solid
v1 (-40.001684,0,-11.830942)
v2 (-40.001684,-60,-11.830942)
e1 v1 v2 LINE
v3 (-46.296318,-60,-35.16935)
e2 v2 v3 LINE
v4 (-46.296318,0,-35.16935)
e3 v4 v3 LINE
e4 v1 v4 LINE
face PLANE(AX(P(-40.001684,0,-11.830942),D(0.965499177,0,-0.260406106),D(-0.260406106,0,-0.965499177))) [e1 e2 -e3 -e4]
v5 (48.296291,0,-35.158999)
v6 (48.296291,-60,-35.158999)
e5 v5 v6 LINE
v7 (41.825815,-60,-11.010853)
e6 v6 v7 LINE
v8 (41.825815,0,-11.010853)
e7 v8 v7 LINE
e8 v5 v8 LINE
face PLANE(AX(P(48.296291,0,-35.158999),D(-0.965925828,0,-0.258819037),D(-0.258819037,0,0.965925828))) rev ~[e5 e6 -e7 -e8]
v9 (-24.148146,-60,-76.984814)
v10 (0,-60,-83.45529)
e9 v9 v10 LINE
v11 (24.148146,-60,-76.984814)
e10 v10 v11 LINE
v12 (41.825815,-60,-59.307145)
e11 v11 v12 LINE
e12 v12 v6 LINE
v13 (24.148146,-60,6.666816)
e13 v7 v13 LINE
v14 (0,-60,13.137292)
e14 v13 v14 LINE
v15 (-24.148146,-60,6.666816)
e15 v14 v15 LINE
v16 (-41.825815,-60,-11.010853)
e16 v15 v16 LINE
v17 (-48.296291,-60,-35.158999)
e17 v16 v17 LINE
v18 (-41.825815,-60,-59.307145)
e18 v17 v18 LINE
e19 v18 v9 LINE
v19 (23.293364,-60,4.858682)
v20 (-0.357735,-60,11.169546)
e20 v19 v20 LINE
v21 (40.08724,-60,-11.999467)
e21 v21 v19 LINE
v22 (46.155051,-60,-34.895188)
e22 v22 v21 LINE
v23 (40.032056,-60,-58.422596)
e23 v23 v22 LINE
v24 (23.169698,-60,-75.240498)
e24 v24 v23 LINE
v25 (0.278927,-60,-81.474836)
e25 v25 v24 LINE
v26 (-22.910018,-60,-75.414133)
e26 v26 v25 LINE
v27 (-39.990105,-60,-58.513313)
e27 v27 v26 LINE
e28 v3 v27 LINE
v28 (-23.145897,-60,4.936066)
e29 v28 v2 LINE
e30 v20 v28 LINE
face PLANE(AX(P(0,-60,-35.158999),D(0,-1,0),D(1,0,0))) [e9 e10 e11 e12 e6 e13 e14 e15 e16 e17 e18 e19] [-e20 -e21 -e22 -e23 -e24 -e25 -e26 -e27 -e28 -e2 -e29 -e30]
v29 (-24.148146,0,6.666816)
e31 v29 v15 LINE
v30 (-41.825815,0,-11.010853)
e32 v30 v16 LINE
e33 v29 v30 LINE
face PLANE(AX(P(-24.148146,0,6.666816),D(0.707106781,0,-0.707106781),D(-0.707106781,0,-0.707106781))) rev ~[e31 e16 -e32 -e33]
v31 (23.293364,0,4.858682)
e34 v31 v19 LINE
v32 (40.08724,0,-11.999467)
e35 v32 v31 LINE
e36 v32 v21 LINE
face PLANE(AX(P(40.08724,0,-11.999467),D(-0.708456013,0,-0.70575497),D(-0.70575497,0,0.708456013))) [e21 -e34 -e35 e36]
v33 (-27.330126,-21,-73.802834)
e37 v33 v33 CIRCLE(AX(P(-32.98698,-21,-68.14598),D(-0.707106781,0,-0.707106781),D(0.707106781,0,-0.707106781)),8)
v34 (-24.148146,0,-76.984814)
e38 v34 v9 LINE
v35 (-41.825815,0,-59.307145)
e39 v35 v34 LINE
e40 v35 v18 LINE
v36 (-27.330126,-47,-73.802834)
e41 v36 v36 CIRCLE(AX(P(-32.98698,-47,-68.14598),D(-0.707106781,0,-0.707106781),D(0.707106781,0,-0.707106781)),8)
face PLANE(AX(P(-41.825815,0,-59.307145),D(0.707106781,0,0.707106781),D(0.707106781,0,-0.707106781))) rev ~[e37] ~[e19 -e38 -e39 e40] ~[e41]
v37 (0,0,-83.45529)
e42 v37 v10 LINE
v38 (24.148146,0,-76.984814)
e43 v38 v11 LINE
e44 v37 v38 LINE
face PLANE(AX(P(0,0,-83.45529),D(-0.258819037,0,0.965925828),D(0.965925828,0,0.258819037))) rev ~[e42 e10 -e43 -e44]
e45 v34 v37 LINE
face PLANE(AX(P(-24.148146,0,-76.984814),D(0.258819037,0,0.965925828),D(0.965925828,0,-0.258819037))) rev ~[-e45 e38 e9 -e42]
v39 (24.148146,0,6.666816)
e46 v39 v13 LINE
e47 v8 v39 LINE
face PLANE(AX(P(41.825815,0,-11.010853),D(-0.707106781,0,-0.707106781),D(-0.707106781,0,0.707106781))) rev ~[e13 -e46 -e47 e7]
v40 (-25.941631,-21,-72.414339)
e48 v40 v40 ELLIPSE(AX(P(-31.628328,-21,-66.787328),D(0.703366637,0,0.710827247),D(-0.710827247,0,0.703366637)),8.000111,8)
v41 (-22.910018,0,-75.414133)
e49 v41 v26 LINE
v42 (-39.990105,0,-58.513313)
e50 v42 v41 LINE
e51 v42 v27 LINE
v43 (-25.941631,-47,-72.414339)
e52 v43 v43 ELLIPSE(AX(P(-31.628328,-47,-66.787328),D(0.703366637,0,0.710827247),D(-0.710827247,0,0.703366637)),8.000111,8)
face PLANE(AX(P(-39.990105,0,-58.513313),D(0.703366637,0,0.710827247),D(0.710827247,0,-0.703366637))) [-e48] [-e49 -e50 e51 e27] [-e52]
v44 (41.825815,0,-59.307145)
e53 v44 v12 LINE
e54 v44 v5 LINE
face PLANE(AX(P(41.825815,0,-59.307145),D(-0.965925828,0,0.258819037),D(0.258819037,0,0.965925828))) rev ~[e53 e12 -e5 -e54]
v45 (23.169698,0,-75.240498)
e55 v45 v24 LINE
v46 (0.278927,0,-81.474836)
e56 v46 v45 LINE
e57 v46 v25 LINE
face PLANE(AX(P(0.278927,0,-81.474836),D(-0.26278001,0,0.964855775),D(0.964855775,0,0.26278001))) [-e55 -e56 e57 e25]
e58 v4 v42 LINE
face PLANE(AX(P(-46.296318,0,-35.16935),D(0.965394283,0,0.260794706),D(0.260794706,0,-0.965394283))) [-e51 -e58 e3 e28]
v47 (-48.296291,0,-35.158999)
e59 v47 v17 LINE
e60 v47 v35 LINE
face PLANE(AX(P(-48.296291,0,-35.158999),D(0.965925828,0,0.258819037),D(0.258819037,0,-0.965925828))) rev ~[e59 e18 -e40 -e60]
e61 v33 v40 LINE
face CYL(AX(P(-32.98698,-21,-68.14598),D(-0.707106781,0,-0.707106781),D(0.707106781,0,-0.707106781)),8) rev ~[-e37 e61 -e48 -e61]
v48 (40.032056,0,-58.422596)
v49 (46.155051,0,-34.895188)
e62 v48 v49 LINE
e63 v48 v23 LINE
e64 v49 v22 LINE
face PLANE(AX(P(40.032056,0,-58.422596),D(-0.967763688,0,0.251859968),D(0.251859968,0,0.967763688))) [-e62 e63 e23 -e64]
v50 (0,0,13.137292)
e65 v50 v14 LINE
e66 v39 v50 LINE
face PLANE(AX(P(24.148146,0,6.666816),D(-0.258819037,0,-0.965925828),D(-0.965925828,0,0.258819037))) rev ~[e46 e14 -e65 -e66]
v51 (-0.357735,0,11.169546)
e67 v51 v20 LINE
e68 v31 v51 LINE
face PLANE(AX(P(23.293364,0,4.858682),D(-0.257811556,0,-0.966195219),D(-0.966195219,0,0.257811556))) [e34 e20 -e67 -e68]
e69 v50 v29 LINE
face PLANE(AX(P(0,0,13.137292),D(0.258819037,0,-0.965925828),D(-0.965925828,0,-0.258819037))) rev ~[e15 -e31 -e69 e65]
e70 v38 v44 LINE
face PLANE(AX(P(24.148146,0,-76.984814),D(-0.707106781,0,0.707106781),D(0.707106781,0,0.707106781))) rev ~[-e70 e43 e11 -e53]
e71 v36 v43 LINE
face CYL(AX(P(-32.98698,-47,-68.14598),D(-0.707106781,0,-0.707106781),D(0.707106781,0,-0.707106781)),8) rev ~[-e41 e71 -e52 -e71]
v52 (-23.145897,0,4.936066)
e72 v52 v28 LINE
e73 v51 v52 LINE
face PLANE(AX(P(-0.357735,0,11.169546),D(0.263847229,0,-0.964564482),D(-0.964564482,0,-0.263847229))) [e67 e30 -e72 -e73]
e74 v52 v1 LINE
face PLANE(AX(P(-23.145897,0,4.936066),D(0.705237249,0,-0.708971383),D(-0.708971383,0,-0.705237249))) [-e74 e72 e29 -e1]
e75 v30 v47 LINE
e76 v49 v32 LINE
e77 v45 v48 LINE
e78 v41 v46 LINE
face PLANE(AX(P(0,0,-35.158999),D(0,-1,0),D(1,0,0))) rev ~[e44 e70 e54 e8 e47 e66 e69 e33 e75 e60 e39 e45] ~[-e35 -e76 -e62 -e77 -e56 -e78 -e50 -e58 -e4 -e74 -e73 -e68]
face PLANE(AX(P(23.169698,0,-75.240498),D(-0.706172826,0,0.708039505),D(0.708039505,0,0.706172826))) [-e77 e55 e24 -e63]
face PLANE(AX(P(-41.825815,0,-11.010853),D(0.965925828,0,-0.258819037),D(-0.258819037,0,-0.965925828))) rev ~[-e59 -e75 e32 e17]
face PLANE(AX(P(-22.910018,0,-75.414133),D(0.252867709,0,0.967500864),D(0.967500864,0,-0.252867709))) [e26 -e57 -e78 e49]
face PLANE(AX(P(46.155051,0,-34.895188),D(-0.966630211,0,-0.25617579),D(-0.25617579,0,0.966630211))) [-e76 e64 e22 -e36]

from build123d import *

# Parameters (mm, degrees)
PAD_DEPTH       = 60
POCKET_DEPTH    = 60
SKETCH002_R     = 8
POCKET001_DEPTH = 5


with BuildPart() as part:
    # Sketch → Pad (new body)
    with BuildSketch(Plane.XZ):
        Polygon((0, 13.137292), (-24.148146, 6.666816), (-41.825815, -11.010853), (-48.296291, -35.158999), (-41.825815, -59.307145), (-24.148146, -76.984814), (0, -83.45529), (24.148146, -76.984814), (41.825815, -59.307145), (48.296291, -35.158999), (41.825815, -11.010853), (24.148146, 6.666816), align=None)
    extrude(amount=PAD_DEPTH)

    # Sketch001 (on Face13 of Pad) → Pocket (cut)
    with BuildSketch(Plane(origin=(0, 0, 0), x_dir=(1, 0, 0), z_dir=(0, 1, 0))):
        Polygon((0.278927, 81.474836), (23.169698, 75.240498), (40.032056, 58.422596), (46.155051, 34.895188), (40.08724, 11.999467), (23.293364, -4.858682), (-0.357735, -11.169546), (-23.145897, -4.936066), (-40.001684, 11.830942), (-46.296318, 35.16935), (-39.990105, 58.513313), (-22.910018, 75.414133), align=None)
    extrude(amount=-POCKET_DEPTH, mode=Mode.SUBTRACT)

    # Sketch002 (on Face11 of Pocket) → Pocket001 (cut)
    with BuildSketch(Plane(origin=(-50.56648, 0, -50.56648), x_dir=(0.707107, 0, -0.707107), z_dir=(-0.707107, 0, -0.707107))):
        with Locations((24.861167, 47)):
            Circle(SKETCH002_R)
        with Locations((24.861167, 21)):
            Circle(SKETCH002_R)
    extrude(amount=-POCKET001_DEPTH, mode=Mode.SUBTRACT)


solid = part.part
